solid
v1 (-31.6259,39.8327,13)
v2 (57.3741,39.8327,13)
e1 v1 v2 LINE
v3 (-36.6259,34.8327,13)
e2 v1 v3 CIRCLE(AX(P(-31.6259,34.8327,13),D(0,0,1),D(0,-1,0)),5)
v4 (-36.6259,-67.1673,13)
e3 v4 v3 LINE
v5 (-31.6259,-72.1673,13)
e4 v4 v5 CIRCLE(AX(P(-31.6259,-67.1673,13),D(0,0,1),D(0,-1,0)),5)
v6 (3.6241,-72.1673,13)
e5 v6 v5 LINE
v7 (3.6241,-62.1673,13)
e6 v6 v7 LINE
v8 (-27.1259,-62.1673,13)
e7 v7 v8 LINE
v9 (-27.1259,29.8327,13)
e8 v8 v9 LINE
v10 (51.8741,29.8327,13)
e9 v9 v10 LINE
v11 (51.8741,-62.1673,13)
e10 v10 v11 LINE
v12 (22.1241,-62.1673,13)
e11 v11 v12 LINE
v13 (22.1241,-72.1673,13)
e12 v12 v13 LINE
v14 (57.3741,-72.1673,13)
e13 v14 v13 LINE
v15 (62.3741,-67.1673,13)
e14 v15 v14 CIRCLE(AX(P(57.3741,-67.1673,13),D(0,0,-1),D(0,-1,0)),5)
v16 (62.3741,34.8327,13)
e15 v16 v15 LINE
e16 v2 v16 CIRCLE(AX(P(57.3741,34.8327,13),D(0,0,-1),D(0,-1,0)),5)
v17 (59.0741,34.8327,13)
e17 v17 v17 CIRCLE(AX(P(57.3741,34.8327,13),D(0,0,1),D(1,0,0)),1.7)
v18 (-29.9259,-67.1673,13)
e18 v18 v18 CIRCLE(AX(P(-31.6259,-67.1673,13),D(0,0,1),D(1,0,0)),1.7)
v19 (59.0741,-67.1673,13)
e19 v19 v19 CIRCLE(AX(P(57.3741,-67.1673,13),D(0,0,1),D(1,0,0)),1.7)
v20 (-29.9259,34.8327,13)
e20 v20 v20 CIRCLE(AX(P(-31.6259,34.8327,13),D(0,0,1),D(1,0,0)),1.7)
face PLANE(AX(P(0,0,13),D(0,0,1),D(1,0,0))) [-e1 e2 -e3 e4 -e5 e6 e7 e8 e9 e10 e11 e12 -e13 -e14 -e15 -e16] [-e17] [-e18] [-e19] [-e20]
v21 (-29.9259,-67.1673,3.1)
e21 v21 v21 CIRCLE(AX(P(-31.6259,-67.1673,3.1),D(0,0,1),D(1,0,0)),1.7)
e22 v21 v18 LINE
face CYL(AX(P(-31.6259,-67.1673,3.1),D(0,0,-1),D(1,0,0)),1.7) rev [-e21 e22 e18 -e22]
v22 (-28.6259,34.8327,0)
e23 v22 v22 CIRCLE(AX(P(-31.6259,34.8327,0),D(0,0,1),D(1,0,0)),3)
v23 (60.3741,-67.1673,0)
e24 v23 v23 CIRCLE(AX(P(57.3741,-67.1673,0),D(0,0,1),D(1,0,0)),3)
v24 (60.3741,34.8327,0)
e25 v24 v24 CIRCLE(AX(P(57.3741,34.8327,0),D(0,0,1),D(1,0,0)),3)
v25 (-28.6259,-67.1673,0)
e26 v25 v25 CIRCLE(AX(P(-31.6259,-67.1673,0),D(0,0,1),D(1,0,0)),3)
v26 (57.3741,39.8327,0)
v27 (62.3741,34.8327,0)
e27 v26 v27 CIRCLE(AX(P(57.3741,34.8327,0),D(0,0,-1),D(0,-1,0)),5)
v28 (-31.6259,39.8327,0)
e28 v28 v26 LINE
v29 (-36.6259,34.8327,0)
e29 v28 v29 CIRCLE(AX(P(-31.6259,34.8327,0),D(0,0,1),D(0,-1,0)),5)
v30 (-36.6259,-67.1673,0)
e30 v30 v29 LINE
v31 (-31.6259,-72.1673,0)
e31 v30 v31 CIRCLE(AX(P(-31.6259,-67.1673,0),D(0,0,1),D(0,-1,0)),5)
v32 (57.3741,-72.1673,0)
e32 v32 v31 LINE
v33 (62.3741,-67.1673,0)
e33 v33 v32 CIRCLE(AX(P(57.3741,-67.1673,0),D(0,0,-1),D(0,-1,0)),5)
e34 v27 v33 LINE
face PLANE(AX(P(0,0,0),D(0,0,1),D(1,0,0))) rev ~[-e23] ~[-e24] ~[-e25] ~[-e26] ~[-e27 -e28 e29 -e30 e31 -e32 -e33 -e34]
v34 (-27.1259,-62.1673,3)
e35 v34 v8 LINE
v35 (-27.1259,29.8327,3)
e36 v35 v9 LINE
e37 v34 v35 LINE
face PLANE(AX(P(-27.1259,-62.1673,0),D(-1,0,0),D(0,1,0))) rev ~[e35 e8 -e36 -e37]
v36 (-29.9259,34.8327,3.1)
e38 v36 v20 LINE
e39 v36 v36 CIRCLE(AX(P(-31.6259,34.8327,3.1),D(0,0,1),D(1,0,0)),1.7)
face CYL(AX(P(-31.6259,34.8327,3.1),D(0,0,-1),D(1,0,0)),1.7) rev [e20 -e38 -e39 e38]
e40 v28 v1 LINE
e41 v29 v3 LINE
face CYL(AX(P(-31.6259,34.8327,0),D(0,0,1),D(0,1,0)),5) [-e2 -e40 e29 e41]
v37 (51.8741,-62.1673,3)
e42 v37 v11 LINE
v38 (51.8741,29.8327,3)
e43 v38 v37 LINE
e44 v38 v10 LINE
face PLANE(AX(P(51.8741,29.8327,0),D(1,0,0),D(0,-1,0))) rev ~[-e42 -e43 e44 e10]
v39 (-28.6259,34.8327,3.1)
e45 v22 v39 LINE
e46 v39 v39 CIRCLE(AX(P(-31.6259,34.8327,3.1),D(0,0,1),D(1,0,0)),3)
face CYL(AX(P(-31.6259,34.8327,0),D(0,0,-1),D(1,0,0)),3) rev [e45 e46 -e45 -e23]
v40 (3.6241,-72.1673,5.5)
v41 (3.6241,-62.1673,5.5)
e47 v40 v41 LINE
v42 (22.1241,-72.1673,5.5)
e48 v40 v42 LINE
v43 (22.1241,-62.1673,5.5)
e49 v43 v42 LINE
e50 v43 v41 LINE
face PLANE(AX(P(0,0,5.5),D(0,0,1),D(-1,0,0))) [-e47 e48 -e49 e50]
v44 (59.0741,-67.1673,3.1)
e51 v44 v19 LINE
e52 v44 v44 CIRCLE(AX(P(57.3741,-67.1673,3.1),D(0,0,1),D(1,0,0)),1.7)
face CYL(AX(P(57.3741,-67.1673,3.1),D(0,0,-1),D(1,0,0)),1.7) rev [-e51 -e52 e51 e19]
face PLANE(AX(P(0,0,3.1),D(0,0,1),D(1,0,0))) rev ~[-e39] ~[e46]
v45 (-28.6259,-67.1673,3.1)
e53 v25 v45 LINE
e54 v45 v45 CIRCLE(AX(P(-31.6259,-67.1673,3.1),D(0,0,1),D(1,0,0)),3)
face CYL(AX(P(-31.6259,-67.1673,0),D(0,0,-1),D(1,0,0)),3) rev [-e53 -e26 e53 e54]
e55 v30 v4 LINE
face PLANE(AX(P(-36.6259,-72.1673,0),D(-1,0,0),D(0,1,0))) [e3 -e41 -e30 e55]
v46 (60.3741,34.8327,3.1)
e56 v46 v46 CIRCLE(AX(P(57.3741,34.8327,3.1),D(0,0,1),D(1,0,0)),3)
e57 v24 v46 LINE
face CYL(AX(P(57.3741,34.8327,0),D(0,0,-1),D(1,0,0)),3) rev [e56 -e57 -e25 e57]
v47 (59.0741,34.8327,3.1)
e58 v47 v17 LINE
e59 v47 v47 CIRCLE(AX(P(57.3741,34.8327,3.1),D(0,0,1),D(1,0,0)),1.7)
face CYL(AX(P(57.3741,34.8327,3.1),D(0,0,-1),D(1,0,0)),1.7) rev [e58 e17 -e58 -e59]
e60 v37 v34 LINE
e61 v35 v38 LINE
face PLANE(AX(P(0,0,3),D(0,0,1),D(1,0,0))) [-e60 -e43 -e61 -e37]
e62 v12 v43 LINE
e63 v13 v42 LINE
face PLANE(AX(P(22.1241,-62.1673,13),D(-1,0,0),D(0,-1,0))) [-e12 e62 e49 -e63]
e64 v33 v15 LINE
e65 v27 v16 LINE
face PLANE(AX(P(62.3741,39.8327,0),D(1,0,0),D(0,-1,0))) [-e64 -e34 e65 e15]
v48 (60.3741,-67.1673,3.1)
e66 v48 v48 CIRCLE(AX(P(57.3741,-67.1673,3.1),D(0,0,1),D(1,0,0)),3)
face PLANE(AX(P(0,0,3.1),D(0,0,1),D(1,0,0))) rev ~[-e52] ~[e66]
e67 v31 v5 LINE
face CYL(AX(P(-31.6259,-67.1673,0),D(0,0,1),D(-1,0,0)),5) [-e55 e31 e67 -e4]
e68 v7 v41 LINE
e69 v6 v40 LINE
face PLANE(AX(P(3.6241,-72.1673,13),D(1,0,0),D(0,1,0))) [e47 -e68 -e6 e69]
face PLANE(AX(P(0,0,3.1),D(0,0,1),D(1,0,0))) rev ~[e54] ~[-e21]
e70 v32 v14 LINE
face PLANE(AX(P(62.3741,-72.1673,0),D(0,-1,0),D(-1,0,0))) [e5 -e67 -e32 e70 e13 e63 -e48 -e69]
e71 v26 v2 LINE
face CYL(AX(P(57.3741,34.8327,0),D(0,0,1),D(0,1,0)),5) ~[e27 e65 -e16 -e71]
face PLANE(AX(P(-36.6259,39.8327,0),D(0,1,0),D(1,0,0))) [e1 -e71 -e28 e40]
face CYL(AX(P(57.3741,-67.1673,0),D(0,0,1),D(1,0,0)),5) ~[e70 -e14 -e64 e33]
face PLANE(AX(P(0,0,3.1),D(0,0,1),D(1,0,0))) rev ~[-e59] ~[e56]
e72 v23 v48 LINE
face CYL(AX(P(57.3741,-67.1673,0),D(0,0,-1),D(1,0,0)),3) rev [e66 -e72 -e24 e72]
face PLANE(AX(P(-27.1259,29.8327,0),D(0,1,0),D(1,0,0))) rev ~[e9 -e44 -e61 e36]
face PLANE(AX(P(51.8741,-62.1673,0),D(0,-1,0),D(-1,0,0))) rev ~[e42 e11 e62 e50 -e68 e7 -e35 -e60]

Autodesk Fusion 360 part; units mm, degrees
sketch "Sketch1" plane through (0, 0, 0) normal (0, 0, 1) x (1, 0, 0)
  line L0 (-27.1259, 29.8327) -> (51.8741, 29.8327)
  line L1 (51.8741, 29.8327) -> (51.8741, -62.1673)
  line L2 (51.8741, -62.1673) -> (-27.1259, -62.1673)
  line L3 (-27.1259, -62.1673) -> (-27.1259, 29.8327)
  line L4 (62.3741, -72.1673) -> (-36.6259, -72.1673)
  line L5 (-36.6259, -72.1673) -> (-36.6259, 39.8327)
  line L6 (-36.6259, 39.8327) -> (62.3741, 39.8327)
  line L7 (62.3741, 39.8327) -> (62.3741, -72.1673)
  line L8 (62.3741, -72.1673) -> (-36.6259, 39.8327) construction
  line L9 (-36.6259, -72.1673) -> (62.3741, 39.8327) construction
  circle A0 centre (-31.6259, -67.1673) radius 1.7
  circle A1 centre (-31.6259, 34.8327) radius 1.7
  circle A2 centre (57.3741, 34.8327) radius 1.7
  circle A3 centre (57.3741, -67.1673) radius 1.7
  circle A4 centre (-31.6259, 34.8327) radius 3
  circle A5 centre (57.3741, 34.8327) radius 3
  circle A6 centre (57.3741, -67.1673) radius 3
  circle A7 centre (-31.6259, -67.1673) radius 3
  point P0 (12.8741, -16.1673)
  dimension "d1" = 79
  dimension "d3" = 99
  dimension "d4" = 112
  dimension "d13" = 3.4
  dimension "d14" = 5
  dimension "d15" = 5
  dimension "d16" = 9.5
  dimension "d17" = 6
  dimension "d18" = 6
  dimension "d19" = 6
  dimension "d20" = 6
extrude "Extrude1" add sketch "Sketch1" along normal blind 9.9 from surface at 3.1 contours A4 | A5 | A6 | A7 makes body 1 at (-34.6222, 34.6832, 9.7) makes body 2 at (-34.3904, -68.3326, 9.7) makes body 3 at (54.3778, 34.6832, 9.7) makes body 4 at (54.8142, -68.7316, 9.7)
extrude "Extrude2" add sketch "Sketch1" along normal blind 13 contours L4 L5 L6 L7 bodies 1 2 3 4
extrude "Extrude3" add sketch "Sketch1" along normal blind 3 contours L0 L1 L2 L3 bodies 1
sketch "Sketch2" plane through (0, 0, 13) normal (0, 0, 1) x (-1, 0, 0)
  circle A0 centre (31.6259, -34.8327) radius 1.7
  circle A1 centre (-57.3741, 67.1673) radius 1.7
  line L0 (-51.8741, 62.1673) -> (27.1259, 62.1673)
  line L1 (27.1259, 62.1673) -> (27.1259, -29.8327)
  line L2 (27.1259, -29.8327) -> (-51.8741, -29.8327)
  line L3 (-51.8741, -29.8327) -> (-51.8741, 62.1673)
  line L4 (-62.3741, -39.8327) -> (36.6259, -39.8327)
  line L5 (36.6259, -39.8327) -> (36.6259, 72.1673)
  line L6 (36.6259, 72.1673) -> (-62.3741, 72.1673)
  line L7 (-62.3741, 72.1673) -> (-62.3741, -39.8327)
  circle A2 centre (31.6259, 67.1673) radius 1.7
  circle A3 centre (-57.3741, -34.8327) radius 1.7
  line L8 (-3.6241, 62.1673) -> (-22.1241, 62.1673)
  line L9 (-22.1241, 62.1673) -> (-22.1241, 72.1673)
  line L10 (-22.1241, 72.1673) -> (-3.6241, 72.1673)
  line L11 (-3.6241, 72.1673) -> (-3.6241, 62.1673)
  line L12 (-3.6241, 62.1673) -> (-22.1241, 72.1673) construction
  line L13 (-22.1241, 62.1673) -> (-3.6241, 72.1673) construction
  point P0 (-12.8741, 67.1673)
  dimension "d28" = 18.5
extrude "Extrude4" cut sketch "Sketch2" against normal blind 7.5 contours L0 L6 L8 L9 L10 L11 bodies 1
fillet "Fillet1" radius 5 1 edges at (-36.6259, 39.8327, 6.5) on bodies 1
fillet "Fillet2" radius 5 3 edges at (62.3741, 39.8327, 6.5) (62.3741, -72.1673, 6.5) (-36.6259, -72.1673, 6.5) on bodies 1
